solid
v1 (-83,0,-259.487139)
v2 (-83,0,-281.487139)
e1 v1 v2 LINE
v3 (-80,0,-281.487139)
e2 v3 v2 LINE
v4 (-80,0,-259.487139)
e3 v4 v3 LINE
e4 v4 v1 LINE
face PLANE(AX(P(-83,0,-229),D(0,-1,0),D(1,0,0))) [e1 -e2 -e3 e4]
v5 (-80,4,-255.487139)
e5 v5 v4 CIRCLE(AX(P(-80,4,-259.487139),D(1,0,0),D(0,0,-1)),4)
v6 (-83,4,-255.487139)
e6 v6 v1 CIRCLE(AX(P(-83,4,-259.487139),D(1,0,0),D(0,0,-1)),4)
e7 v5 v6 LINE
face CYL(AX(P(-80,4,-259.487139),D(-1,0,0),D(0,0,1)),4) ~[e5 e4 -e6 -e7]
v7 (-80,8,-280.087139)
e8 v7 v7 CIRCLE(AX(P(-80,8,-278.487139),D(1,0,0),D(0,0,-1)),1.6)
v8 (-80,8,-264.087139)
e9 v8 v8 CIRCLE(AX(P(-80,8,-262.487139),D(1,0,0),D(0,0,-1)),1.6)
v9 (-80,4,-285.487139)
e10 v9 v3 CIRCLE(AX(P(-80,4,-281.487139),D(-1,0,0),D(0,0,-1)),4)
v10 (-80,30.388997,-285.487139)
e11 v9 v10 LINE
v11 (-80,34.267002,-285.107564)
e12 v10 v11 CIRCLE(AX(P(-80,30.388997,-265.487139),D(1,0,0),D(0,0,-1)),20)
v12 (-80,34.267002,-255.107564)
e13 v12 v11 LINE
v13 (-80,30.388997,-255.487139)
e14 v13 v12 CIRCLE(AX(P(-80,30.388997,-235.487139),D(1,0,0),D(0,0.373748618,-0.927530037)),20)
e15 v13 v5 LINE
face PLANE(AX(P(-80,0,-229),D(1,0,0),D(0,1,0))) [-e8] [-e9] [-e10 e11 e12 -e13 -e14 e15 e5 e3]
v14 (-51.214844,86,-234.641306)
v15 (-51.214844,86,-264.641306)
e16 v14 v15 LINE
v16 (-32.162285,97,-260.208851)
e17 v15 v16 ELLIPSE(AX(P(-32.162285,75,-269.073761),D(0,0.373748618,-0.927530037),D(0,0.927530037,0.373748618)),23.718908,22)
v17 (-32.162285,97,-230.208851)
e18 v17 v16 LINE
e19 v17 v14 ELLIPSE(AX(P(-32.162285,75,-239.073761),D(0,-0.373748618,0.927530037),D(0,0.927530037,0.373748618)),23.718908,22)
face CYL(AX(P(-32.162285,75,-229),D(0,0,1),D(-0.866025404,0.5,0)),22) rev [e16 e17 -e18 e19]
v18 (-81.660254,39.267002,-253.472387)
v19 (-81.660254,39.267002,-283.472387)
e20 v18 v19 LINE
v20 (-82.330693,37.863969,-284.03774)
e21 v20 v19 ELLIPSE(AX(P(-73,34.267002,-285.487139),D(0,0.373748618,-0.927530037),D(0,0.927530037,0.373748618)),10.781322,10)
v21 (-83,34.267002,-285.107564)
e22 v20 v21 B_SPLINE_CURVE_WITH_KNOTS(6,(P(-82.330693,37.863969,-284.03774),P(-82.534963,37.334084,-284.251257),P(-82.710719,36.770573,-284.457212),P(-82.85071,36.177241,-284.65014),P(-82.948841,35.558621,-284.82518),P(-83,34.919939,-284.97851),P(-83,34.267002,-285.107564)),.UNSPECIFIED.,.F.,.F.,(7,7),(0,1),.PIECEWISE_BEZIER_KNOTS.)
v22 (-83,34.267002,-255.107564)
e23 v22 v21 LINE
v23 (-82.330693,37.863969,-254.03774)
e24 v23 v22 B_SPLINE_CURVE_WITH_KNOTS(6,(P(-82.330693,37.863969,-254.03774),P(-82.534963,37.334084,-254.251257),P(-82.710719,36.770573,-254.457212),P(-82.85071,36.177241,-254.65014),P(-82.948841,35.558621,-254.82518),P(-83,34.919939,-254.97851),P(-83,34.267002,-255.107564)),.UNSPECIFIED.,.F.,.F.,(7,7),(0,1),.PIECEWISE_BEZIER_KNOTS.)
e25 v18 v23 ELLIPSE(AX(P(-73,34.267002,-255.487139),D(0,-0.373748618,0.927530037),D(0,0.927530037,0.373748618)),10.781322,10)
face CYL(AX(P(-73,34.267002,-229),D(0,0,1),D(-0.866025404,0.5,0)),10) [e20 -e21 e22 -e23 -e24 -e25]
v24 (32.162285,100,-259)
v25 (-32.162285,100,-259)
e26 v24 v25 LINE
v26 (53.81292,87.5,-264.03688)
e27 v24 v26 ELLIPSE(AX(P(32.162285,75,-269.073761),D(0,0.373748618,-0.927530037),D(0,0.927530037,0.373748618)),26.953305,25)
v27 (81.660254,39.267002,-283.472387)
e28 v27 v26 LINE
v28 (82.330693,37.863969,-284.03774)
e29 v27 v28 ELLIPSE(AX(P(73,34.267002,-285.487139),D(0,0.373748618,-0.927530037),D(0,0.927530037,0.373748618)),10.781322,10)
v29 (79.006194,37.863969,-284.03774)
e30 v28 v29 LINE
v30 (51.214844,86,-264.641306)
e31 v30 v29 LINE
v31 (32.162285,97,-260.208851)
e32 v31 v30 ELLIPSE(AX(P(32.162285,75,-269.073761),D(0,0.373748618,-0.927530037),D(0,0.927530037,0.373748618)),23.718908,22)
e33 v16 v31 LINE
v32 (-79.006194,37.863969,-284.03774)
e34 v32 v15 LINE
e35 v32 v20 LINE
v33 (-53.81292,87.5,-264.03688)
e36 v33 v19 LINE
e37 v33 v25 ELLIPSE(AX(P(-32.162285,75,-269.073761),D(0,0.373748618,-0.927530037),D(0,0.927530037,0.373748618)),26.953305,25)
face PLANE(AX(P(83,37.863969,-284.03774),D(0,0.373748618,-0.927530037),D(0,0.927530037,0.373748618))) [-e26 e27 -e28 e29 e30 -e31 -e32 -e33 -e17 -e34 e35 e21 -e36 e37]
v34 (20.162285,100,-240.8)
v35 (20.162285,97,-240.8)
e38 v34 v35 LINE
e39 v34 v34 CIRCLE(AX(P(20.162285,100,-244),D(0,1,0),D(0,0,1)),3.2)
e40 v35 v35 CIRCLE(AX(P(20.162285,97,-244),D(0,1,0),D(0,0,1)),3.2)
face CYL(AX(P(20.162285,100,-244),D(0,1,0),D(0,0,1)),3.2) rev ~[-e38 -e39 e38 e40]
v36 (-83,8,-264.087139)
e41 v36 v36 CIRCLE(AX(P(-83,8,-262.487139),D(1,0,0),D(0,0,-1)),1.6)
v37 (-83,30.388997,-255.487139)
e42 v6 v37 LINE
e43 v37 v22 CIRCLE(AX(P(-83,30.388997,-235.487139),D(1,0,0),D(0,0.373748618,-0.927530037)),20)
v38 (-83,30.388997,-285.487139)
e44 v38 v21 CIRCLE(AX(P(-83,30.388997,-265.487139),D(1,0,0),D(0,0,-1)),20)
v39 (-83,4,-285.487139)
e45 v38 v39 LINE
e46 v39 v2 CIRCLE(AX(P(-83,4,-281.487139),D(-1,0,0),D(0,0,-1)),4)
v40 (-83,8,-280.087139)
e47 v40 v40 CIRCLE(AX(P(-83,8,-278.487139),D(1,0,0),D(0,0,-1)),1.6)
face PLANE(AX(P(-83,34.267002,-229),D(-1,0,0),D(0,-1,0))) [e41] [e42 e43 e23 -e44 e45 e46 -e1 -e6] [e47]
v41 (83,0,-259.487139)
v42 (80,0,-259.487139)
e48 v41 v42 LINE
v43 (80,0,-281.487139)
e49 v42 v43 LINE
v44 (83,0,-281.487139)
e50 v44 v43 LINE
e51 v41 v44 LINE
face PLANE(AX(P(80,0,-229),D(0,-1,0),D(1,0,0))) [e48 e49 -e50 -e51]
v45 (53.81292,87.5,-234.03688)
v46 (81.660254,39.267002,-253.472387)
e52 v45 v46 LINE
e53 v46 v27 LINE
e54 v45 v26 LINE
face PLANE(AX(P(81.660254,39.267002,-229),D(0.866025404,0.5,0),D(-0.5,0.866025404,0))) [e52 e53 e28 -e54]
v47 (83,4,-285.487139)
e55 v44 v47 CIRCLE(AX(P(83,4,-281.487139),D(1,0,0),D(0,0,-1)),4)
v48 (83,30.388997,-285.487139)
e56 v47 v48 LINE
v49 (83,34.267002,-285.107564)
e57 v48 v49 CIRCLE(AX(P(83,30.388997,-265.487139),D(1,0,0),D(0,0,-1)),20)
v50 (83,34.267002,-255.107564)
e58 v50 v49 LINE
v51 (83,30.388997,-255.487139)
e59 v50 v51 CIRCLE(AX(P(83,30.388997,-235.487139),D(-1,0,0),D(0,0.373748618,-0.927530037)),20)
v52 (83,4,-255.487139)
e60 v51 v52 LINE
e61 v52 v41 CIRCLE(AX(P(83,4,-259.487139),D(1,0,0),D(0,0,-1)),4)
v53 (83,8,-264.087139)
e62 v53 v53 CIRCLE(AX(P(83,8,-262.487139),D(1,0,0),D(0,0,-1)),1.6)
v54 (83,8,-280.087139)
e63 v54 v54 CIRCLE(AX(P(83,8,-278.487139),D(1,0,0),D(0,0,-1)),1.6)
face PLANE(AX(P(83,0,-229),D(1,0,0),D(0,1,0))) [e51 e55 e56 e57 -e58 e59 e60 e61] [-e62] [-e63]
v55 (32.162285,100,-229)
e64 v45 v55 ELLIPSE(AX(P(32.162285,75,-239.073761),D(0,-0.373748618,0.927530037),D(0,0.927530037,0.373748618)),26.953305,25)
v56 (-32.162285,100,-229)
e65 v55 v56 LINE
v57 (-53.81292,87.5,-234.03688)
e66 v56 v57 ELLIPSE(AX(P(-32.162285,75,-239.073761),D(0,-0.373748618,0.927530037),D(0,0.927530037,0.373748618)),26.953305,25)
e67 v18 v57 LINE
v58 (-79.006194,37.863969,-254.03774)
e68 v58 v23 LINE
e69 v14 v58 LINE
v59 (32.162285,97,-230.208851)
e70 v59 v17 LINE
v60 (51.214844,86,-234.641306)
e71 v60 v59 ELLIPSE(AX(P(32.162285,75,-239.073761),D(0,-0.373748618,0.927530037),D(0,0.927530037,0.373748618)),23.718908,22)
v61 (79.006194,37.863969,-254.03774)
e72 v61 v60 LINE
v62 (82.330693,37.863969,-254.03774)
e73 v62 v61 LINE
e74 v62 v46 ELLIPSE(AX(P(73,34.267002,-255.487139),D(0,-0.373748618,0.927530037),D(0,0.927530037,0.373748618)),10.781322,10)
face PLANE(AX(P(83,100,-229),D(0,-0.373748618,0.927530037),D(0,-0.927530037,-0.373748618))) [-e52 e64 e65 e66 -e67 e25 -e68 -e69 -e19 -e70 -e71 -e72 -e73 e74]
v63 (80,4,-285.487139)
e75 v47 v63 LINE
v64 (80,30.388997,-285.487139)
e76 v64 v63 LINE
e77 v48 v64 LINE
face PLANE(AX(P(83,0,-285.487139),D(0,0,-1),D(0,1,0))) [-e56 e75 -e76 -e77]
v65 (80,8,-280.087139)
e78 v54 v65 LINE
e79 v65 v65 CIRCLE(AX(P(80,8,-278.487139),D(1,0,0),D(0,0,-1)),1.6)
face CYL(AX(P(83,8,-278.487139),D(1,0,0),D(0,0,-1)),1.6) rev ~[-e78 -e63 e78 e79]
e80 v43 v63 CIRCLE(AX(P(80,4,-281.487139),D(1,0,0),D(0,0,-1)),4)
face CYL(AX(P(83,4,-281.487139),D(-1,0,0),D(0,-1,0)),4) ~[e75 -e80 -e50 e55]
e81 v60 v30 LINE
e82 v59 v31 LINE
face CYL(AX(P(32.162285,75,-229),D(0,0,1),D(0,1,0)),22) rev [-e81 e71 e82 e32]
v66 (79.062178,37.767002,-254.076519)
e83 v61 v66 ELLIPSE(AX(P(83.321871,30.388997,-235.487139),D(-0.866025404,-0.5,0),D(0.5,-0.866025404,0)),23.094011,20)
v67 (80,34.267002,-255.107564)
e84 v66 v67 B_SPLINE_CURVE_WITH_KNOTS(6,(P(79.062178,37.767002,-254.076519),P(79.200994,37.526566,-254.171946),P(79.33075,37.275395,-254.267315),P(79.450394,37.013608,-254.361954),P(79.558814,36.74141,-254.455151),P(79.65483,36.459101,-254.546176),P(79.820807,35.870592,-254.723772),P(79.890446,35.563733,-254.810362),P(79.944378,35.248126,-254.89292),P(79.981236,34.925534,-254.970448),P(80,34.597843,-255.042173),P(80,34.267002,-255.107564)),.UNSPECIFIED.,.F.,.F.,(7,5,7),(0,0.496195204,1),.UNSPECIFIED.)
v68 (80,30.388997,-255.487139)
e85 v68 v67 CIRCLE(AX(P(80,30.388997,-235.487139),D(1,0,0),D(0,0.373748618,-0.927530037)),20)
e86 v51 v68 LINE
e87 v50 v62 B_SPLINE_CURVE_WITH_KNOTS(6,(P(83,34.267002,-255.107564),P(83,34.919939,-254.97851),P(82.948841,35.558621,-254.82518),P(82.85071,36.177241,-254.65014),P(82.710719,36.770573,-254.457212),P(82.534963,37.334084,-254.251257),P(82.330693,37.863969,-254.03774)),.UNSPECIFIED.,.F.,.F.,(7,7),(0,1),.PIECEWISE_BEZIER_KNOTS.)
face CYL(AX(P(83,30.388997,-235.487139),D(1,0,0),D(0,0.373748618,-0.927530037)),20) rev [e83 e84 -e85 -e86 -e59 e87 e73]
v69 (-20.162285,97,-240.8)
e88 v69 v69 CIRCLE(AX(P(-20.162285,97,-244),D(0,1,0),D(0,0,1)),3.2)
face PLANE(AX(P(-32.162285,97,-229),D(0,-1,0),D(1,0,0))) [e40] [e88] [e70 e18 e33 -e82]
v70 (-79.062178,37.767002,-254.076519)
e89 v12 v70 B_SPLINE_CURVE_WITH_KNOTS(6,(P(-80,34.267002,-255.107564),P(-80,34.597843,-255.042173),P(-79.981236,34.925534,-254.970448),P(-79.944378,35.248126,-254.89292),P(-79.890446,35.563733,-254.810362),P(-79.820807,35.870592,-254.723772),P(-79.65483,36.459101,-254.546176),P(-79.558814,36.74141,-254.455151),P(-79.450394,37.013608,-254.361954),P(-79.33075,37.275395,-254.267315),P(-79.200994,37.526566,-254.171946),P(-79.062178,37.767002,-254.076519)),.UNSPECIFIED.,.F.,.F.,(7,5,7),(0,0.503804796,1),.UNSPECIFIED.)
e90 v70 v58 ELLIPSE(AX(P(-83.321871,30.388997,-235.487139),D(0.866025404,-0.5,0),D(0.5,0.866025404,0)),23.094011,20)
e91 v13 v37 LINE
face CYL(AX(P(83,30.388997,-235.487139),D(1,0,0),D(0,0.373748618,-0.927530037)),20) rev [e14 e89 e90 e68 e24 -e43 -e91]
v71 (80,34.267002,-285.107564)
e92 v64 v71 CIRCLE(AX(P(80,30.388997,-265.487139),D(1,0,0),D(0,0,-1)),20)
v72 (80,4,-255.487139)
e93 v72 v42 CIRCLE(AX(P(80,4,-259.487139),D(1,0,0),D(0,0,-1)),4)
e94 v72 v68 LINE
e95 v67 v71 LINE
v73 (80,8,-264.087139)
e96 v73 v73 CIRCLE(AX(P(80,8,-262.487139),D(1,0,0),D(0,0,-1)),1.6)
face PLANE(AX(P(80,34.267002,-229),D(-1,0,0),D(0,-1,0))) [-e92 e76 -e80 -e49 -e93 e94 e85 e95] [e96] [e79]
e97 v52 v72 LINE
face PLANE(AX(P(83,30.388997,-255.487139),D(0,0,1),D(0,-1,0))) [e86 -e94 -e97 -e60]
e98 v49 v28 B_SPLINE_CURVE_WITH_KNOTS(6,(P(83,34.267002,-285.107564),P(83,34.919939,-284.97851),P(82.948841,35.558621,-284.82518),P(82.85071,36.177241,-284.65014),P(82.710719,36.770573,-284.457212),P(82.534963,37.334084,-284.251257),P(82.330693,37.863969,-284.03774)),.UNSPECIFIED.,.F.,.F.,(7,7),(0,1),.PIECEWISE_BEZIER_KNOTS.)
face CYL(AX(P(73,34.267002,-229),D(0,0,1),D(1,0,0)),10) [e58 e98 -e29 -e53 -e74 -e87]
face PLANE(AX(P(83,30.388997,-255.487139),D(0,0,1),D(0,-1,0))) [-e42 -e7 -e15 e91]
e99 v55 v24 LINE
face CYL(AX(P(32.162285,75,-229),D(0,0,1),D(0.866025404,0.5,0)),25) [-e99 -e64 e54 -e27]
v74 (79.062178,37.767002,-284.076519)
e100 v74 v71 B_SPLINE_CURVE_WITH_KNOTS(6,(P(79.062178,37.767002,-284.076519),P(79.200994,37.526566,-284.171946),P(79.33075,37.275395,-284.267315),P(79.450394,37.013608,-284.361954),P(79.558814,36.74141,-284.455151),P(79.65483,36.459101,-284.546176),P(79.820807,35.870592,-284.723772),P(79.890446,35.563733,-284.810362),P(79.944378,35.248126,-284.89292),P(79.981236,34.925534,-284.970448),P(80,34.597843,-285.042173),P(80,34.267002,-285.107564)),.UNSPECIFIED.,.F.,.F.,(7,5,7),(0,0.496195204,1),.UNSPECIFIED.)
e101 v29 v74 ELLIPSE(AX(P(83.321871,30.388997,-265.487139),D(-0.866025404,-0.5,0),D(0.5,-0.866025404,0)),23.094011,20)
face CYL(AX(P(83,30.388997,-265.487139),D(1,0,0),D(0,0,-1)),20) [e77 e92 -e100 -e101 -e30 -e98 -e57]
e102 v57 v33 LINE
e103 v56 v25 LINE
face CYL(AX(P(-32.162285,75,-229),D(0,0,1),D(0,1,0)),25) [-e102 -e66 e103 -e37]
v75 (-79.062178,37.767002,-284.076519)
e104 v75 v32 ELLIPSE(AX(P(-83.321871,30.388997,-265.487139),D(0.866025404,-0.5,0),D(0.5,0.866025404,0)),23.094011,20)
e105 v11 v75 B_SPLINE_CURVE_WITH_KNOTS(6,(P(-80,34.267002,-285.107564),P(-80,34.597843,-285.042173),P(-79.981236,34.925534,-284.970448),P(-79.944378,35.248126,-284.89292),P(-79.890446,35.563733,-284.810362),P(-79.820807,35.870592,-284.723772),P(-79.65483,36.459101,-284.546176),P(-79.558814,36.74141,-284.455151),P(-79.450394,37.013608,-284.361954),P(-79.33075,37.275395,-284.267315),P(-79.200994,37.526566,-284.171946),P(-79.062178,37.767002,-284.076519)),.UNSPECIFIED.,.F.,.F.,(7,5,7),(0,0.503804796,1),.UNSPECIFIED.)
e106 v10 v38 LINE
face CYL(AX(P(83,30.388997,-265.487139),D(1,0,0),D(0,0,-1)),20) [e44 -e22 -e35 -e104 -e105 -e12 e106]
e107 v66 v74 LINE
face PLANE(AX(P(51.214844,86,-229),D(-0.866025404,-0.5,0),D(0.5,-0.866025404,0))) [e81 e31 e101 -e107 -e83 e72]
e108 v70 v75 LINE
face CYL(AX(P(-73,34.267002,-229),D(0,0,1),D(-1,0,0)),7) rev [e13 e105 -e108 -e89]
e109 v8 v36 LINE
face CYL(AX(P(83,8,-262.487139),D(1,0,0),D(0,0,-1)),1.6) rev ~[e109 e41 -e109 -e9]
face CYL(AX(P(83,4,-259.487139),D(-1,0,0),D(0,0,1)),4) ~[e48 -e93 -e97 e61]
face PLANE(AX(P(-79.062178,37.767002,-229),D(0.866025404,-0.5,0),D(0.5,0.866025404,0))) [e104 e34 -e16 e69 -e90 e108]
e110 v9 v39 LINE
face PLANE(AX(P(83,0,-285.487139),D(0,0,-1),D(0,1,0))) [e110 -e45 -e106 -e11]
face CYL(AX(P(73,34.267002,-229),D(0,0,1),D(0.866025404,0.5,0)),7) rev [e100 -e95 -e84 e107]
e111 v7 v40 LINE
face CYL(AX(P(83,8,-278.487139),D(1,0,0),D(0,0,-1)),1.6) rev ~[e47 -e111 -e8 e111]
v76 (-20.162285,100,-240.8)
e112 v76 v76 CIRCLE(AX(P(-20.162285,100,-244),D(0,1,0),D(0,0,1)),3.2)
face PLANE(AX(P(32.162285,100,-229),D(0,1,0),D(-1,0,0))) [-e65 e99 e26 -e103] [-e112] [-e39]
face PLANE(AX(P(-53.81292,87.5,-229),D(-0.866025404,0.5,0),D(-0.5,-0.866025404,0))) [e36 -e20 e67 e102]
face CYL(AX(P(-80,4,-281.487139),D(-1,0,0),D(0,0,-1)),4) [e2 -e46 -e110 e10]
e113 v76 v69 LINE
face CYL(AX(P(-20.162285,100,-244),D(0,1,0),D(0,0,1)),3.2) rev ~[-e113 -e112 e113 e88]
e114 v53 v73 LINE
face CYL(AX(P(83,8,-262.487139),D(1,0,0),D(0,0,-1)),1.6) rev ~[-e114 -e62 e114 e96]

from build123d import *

# Parameters (mm, degrees)
BOSS_EXTRUDE4_DEPTH      = 40
BOSS_EXTRUDE4_DEPTH_BACK = 20
SKETCH5_OUTSIDE_W        = 102.574
SKETCH5_OUTSIDE_H        = 142.574
CUT_EXTRUDE1_DEPTH       = 348.961204734
SKETCH6_R                = 1.6
CUT_EXTRUDE2_DEPTH       = 346.049136601
FILLET1_R                = 4
SKETCH7_R                = 3.2
CUT_EXTRUDE3_DEPTH       = 3


with BuildPart() as part:
    # Sketch4 → Boss-Extrude4 (new, two sides: drawn at the far end of the back side and taken through both)
    with BuildSketch(Plane(origin=(0, 0, -249), x_dir=(-1, 0, 0), z_dir=(0, 0, -1)).offset(-BOSS_EXTRUDE4_DEPTH_BACK)):
        with BuildLine():
            Line((-83, 0), (-83, 34.267002189))
            ThreePointArc((-83, 34.267002189), (-82.659258263, 36.85519264), (-81.660254038, 39.267002189))
            Line((-81.660254038, 39.267002189), (-53.812919768, 87.5))
            ThreePointArc((-53.812919768, 87.5), (-44.662284673, 96.650635095), (-32.162284673, 100))
            Line((-32.162284673, 100), (0, 100))
            Line((0, 100), (32.162284673, 100))
            ThreePointArc((32.162284673, 100), (44.662284673, 96.650635095), (53.812919768, 87.5))
            Line((53.812919768, 87.5), (81.660254038, 39.267002189))
            ThreePointArc((81.660254038, 39.267002189), (82.659258263, 36.85519264), (83, 34.267002189))
            Line((83, 34.267002189), (83, 0))
            Line((83, 0), (80, 0))
            Line((80, 0), (80, 34.267002189))
            ThreePointArc((80, 34.267002189), (79.761480784, 36.078735505), (79.062177826, 37.767002189))
            Line((79.062177826, 37.767002189), (51.214843556, 86))
            ThreePointArc((51.214843556, 86), (43.162284673, 94.052558883), (32.162284673, 97))
            Line((32.162284673, 97), (0, 97))
            Line((0, 97), (-32.162284673, 97))
            ThreePointArc((-32.162284673, 97), (-43.162284673, 94.052558883), (-51.214843556, 86))
            Line((-51.214843556, 86), (-79.062177826, 37.767002189))
            ThreePointArc((-79.062177826, 37.767002189), (-79.761480784, 36.078735505), (-80, 34.267002189))
            Line((-80, 34.267002189), (-80, 0))
            Line((-80, 0), (-83, 0))
        make_face()
    extrude(amount=BOSS_EXTRUDE4_DEPTH + BOSS_EXTRUDE4_DEPTH_BACK)

    # Sketch5 outside → Cut-Extrude1 (cut, through all)
    with BuildSketch(Plane(origin=(83, 0, 0), x_dir=(0, 0, -1), z_dir=(1, 0, 0))):
        with Locations((259, 50)):
            Rectangle(SKETCH5_OUTSIDE_W, SKETCH5_OUTSIDE_H)
        with BuildLine():
            Line((229, 100), (254.037739827, 37.863968909))
            ThreePointArc((254.037739827, 37.863968909), (255.121445979, 34.196094194), (255.487139078, 30.388996545))
            Line((255.487139078, 30.388996545), (255.487139078, 0))
            Line((255.487139078, 0), (285.487139078, 0))
            Line((285.487139078, 0), (285.487139078, 30.388996545))
            ThreePointArc((285.487139078, 30.388996545), (285.121445979, 34.196094194), (284.037739827, 37.863968909))
            Line((284.037739827, 37.863968909), (259, 100))
            Line((259, 100), (229, 100))
        make_face(mode=Mode.SUBTRACT)
    extrude(amount=-CUT_EXTRUDE1_DEPTH, mode=Mode.SUBTRACT)

    # Sketch6 → Cut-Extrude2 (cut, through all)
    with BuildSketch(Plane(origin=(83, 0, 0), x_dir=(0, 0, -1), z_dir=(1, 0, 0))):
        with Locations((262.487139078, 8)):
            Circle(SKETCH6_R)
        with Locations((278.487139078, 8)):
            Circle(SKETCH6_R)
    extrude(amount=-CUT_EXTRUDE2_DEPTH, mode=Mode.SUBTRACT)

    # Fillet1
    fillet1_edges = [part.edges().sort_by_distance(p)[0] for p in [
        (81.5, 0, -285.487139078),
        (-81.5, 0, -285.487139078),
        (81.5, 0, -255.487139078),
        (-81.5, 0, -255.487139078),
    ]]
    fillet(fillet1_edges, radius=FILLET1_R)

    # Sketch7 → Cut-Extrude3 (cut)
    with BuildSketch(Plane(origin=(0, 100, 0), x_dir=(1, 0, 0), z_dir=(0, 1, 0))):
        with Locations(Location((-20.162284673, 244, 0), (0, 0, 270))):
            Circle(SKETCH7_R)
        with Locations(Location((20.162284673, 244, 0), (0, 0, 270))):
            Circle(SKETCH7_R)
    extrude(amount=-CUT_EXTRUDE3_DEPTH, mode=Mode.SUBTRACT)


solid = part.part
